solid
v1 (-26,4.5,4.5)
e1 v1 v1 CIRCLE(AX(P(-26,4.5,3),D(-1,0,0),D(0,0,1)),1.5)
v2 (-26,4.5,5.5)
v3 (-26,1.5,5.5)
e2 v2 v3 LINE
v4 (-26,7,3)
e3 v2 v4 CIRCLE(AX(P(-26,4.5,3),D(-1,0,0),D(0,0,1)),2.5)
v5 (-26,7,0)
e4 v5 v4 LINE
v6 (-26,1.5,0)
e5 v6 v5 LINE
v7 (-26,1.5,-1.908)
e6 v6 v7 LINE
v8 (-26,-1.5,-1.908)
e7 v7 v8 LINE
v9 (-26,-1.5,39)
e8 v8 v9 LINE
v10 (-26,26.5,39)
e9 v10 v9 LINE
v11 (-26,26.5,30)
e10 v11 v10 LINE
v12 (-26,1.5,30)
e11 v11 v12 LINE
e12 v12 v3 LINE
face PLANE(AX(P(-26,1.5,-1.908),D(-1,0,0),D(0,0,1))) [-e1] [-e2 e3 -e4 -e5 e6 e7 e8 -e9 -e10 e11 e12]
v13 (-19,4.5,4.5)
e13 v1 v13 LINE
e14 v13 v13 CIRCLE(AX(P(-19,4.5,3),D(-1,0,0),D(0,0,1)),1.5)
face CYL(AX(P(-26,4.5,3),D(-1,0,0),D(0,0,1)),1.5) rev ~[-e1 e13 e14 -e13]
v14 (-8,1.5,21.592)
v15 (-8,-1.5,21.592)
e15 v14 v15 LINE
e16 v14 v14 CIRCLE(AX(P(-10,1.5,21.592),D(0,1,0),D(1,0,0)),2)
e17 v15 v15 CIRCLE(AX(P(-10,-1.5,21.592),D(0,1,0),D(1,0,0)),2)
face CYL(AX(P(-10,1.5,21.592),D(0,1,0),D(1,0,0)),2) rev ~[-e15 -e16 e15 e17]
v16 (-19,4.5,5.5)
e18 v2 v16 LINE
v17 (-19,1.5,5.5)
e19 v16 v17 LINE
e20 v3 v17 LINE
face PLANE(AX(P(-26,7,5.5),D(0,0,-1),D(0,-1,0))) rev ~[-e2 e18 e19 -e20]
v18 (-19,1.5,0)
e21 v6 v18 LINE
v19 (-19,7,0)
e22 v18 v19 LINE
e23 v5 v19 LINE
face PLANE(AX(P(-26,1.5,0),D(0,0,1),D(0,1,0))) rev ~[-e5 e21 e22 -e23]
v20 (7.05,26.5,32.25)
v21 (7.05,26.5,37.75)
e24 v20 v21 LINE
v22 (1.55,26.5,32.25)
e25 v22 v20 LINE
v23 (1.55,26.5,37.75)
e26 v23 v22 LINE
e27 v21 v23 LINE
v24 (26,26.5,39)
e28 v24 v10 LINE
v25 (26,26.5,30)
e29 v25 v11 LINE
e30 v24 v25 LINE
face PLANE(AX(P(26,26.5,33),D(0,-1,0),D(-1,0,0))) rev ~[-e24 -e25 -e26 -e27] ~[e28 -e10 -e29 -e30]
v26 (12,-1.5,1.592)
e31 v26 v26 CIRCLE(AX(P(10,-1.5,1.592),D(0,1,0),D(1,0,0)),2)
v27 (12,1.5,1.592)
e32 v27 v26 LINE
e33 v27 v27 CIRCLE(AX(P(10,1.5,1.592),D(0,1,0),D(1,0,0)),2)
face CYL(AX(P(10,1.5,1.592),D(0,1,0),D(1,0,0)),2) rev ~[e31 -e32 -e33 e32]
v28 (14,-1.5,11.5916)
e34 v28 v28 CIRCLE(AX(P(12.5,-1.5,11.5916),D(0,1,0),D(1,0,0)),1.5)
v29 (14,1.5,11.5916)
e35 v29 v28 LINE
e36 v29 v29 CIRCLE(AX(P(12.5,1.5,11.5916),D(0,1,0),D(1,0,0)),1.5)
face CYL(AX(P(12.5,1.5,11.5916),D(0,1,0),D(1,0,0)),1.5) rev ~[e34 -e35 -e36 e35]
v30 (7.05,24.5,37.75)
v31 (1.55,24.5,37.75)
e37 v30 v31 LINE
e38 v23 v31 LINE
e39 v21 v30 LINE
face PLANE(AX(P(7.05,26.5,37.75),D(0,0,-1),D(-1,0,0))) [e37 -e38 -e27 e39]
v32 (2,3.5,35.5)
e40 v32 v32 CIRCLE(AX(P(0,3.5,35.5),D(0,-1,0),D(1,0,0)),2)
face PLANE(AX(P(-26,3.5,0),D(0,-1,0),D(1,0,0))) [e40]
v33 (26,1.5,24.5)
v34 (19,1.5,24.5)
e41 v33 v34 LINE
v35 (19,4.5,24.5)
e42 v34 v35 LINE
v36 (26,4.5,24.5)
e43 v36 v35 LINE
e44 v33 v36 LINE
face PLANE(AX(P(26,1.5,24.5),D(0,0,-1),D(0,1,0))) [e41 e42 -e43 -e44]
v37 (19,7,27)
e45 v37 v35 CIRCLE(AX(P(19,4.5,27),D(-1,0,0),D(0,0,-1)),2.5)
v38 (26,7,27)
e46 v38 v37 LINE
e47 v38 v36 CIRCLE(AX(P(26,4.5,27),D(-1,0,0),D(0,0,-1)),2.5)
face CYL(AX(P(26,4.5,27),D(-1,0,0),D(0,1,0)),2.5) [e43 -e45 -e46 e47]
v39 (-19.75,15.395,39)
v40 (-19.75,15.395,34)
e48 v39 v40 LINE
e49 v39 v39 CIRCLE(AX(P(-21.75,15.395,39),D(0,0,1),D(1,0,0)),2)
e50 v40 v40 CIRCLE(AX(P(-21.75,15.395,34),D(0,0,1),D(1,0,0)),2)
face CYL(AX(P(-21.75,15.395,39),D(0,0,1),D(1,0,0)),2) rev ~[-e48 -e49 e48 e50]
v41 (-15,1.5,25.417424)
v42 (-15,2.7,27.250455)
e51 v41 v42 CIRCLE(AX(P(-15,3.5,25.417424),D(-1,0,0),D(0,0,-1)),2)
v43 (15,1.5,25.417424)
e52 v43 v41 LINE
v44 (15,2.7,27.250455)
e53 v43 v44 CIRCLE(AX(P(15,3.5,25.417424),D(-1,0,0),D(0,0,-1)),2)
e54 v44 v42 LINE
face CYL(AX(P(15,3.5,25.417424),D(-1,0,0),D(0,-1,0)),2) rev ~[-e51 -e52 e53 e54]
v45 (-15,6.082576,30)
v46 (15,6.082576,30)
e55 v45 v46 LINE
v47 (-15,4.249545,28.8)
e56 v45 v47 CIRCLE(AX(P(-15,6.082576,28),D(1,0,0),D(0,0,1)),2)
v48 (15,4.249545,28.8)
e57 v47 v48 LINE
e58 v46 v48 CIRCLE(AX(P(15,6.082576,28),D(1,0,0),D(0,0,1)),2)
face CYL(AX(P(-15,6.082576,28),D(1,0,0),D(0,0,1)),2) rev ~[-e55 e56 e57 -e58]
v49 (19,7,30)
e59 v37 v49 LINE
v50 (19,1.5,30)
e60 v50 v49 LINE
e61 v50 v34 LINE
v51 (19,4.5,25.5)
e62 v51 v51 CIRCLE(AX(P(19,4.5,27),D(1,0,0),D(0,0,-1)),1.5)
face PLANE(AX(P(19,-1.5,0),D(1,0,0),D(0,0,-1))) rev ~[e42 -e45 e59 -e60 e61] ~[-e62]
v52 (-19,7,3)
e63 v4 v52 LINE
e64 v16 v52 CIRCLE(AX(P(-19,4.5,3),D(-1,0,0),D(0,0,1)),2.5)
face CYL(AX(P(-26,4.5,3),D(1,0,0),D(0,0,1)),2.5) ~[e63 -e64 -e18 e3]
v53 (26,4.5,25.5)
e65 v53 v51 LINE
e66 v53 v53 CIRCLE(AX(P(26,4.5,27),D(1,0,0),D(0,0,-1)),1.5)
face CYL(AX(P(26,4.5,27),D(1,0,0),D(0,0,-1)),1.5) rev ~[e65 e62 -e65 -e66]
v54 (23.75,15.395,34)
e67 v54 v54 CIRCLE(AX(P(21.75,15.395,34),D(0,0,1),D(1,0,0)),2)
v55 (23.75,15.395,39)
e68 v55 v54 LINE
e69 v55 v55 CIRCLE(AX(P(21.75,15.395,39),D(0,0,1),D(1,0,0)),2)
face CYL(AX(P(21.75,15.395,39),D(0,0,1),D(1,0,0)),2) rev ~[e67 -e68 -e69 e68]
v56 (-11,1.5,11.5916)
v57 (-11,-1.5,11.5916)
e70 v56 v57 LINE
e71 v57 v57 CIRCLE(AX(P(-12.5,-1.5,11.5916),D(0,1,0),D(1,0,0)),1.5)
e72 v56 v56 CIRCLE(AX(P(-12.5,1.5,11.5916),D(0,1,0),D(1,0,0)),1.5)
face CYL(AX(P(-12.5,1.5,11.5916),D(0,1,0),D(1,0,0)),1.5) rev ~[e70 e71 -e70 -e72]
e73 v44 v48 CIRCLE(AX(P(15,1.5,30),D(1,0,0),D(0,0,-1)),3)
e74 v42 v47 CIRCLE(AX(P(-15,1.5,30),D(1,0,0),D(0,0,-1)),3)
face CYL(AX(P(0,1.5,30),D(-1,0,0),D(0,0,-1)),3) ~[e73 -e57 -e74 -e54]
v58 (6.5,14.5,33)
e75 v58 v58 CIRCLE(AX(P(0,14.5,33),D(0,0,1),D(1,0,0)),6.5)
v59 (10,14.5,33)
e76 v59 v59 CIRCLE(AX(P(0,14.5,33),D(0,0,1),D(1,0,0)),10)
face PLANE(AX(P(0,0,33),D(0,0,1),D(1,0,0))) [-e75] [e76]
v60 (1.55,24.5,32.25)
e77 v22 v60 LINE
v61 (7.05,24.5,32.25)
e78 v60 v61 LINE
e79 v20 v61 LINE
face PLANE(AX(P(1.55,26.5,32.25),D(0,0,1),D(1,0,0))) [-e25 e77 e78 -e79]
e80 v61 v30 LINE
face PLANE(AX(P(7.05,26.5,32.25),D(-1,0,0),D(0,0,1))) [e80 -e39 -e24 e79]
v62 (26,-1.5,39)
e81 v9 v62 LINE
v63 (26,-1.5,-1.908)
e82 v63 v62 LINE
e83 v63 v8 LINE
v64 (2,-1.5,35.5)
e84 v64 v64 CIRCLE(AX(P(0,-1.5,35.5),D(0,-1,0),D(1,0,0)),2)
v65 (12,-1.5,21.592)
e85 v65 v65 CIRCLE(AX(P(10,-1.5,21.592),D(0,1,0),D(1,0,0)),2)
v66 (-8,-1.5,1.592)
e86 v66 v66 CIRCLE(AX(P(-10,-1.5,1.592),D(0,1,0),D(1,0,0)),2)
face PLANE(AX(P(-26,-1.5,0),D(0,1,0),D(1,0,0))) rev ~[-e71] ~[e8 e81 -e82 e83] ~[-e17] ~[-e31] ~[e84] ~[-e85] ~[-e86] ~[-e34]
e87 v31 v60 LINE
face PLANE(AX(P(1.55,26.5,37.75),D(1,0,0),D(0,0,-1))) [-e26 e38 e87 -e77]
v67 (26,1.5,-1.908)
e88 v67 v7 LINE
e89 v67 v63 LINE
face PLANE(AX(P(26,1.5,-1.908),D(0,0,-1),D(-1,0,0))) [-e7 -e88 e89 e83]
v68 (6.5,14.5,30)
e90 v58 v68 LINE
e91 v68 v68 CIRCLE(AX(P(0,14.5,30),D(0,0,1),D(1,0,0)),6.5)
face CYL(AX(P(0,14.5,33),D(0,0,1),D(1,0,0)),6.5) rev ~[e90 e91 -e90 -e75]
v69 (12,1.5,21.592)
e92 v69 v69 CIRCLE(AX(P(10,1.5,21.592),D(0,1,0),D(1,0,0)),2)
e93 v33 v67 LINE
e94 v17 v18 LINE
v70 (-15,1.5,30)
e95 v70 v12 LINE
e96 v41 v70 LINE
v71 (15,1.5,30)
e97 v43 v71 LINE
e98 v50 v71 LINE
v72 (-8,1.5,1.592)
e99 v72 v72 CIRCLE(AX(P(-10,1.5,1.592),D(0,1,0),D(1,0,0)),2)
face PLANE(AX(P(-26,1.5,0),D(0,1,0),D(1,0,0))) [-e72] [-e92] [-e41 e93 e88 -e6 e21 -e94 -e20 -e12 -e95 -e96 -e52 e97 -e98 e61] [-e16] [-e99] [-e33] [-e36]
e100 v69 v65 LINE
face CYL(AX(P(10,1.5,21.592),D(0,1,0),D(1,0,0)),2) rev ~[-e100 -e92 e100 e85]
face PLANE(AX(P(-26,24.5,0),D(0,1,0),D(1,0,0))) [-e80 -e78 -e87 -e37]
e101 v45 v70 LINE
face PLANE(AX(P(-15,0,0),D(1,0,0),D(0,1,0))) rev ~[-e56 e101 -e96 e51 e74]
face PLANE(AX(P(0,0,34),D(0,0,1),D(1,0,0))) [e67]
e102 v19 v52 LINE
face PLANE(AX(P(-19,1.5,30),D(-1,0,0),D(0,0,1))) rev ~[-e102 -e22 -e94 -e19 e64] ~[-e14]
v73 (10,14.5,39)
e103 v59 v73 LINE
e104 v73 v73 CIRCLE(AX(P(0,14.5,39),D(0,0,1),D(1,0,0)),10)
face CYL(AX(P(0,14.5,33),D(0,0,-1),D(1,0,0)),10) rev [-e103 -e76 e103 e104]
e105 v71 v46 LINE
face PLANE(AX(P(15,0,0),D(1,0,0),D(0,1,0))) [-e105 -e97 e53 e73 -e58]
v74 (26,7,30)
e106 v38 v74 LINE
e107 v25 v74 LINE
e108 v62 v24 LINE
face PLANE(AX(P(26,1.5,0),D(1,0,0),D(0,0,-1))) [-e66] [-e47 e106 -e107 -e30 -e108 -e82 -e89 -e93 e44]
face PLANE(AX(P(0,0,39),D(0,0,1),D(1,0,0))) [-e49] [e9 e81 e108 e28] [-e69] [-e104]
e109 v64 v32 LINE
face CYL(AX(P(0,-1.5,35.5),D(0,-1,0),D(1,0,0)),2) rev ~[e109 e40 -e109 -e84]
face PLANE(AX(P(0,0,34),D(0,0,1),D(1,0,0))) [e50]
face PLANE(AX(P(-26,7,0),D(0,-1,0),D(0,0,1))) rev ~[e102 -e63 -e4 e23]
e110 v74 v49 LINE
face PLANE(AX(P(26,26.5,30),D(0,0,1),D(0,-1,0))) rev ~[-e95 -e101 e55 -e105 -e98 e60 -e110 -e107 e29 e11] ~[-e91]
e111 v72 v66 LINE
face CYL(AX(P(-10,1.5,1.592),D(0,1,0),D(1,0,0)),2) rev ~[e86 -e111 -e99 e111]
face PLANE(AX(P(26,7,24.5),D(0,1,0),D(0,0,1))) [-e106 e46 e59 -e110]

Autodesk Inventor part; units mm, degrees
ref_plane "YZ Plane" through (0, 0, 0) normal (1, 0, 0) x (0, 1, 0)
ref_plane "XZ Plane" through (0, 0, 0) normal (0, 1, 0) x (-1, 0, 0)
ref_plane "XY Plane" through (0, 0, 0) normal (0, 0, 1) x (1, 0, 0)
sketch "Boceto1" plane through (0, 0, 0) normal (0, 0, 1) x (1, 0, 0)
  line L0 (-26, 1.5) -> (26, 1.5)
  line L1 (26, 1.5) -> (26, -1.5)
  line L2 (26, -1.5) -> (-26, -1.5)
  line L3 (-26, -1.5) -> (-26, 1.5)
  line L4 (2.9301, 0) -> (0, 0)
  line L5 (0, 0) -> (0, 1.8389)
  dimension "d0" = 52
  dimension "d1" = 3
extrude "Extrusión1" add sketch "Boceto1" along normal blind 30
sketch "Boceto3" plane through (-26, 1.5, 0) normal (0, 1, 0) x (1, 0, 0)
  line L0 (52, 0) -> (52, -30) projected
  line L1 (0, -30) -> (52, -30) projected
  line L2 (52, 0) -> (47, 0)
  line L3 (47, 0) -> (47, -30)
  line L4 (47, -30) -> (52, -30)
  line L5 (52, -30) -> (52, 0)
  line L6 (0, 0) -> (0, -30) projected
  line L7 (0, 0) -> (5, 0)
  line L8 (5, 0) -> (5, -30)
  line L9 (5, -30) -> (0, -30)
  line L10 (0, -30) -> (0, 0)
  point P0 (26, 0)
  point P1 (5, -30)
  dimension "d4" = 5
  dimension "d5" = 5
extrude "Extrusión2" add sketch "Boceto3" along normal blind 25
sketch "Boceto5" plane through (0, 0, 30) normal (0, 0, 1) x (1, 0, 0)
  line L0 (-26, -1.5) -> (26, -1.5) projected
  line L1 (-26, -1.5) -> (-26, 26.5) projected
  line L2 (26, -1.5) -> (-26, -1.5)
  line L3 (-26, -1.5) -> (-26, 26.5)
  line L4 (-26, 26.5) -> (26, 26.5)
  line L5 (26, 26.5) -> (26, -1.5)
  point P0 (0, 0)
extrude "Extrusión4" add sketch "Boceto5" along normal blind 3
sketch "Boceto6" plane through (0, 0, 33) normal (0, 0, 1) x (1, 0, 0)
  circle A0 centre (0, 14.5) radius 6.5
  line L0 (26, -1.5) -> (26, 26.5) projected
  line L1 (26, 26.5) -> (-26, 26.5) projected
  line L2 (-26, 26.5) -> (-26, -1.5) projected
  point P0 (0, 0)
  point P1 (2.0533, 26.5)
  point P2 (-6.2533, 26.5)
  dimension "d12" = 13
  dimension "d13" = 26
  dimension "d14" = 12
  dimension "d38" = 52
extrude "Extrusión5" cut sketch "Boceto6" against normal up to surface (3 mm away)
sketch "Boceto7" plane through (-21, 1.5, 0) normal (0, 1, 0) x (1, 0, 0)
  circle A0 centre (33.5, -11.5916) radius 1.5
  circle A1 centre (8.5, -11.5916) radius 1.5
  line L0 (21, 0) -> (21, -4.282)
  line L1 (47, -33) -> (-5, -33) projected
  dimension "d17" = 25
  dimension "d18" = 12.5
  dimension "d19" = 3
  dimension "d20" = 3
  dimension "d68" = 21.4084
extrude "Extrusión6" cut sketch "Boceto7" against normal through all
sketch "Boceto9" plane through (0, 0, 33) normal (0, 0, 1) x (1, 0, 0)
  circle A0 centre (0, 14.5) radius 6.5 projected
  line L0 (-26, 26.5) -> (-26, -1.5) projected
  line L1 (26, 26.5) -> (-26, 26.5) projected
  line L2 (26, -1.5) -> (26, 26.5) projected
  line L3 (-26, -1.5) -> (26, -1.5) projected
  circle A1 centre (0, 14.5) radius 10
  point P0 (0, 0)
  point P1 (0, 26.5)
  dimension "d32" = 20
extrude "Extrusión8" add sketch "Boceto9" along normal blind 6 contours L1 L2 L3 L0
sketch "Boceto8" plane through (0, 0, 39) normal (0, 0, 1) x (1, 0, 0)
  circle A0 centre (21.75, 15.395) radius 2
  circle A1 centre (-21.75, 15.395) radius 2
  line L0 (26, 26.5) -> (-26, 26.5) projected
  circle A2 centre (0, 14.5) radius 10 projected
  point P0 (0, 0)
  dimension "d23" = 4
  dimension "d24" = 4
  dimension "d25" = 43.5
  dimension "d35" = 11.105
  dimension "d36" = 11.105
  dimension "d37" = 21.75
extrude "Extrusión7" cut sketch "Boceto8" against normal blind 5 contours A0 | A1
sketch "Boceto10" plane through (-26, 26.5, 0) normal (0, 1, 0) x (1, 0, 0)
  circle A0 centre (30.3, -35) radius 2
  line L0 (52, 0) -> (52, -39) projected
  line L1 (52, -39) -> (0, -39) projected
  line L2 (27.55, -32.25) -> (33.05, -32.25)
  line L3 (33.05, -32.25) -> (33.05, -37.75)
  line L4 (33.05, -37.75) -> (27.55, -37.75)
  line L5 (27.55, -37.75) -> (27.55, -32.25)
  line L6 (27.55, -32.25) -> (33.05, -37.75) construction
  line L7 (33.05, -32.25) -> (27.55, -37.75) construction
  point P0 (26, 0)
  dimension "d39" = 21.7
  dimension "d41" = 4
  dimension "d45" = 5.5
  dimension "d46" = 5.5
extrude "Extrusión9" cut sketch "Boceto10" against normal blind 2 contours A0 | L2 L3 L4 L5
sketch "Boceto11" plane through (26, -1.5, 0) normal (1, 0, 0) x (0, 0, -1)
  line L0 (-30, 28) -> (0, 28) projected
  line L1 (0, 28) -> (-30, 28)
  line L2 (-30, 28) -> (-30, 3)
  line L3 (-30, 3) -> (0, 3)
  line L4 (0, 3) -> (0, 28)
  point P0 (0, 1.5)
  dimension "d47" = 30
  dimension "d48" = 25
extrude "Extrusión10" cut sketch "Boceto11" against normal up to surface (52 mm away)
sketch "Boceto12" plane through (-26, -1.5, 0) normal (0, -1, 0) x (1, 0, 0)
  circle A0 centre (26, 35.5) radius 2
  line L0 (0, 0) -> (0, 39) projected
  line L1 (52, 0) -> (52, 39) projected
  line L2 (0, 39) -> (52, 39) projected
  point P0 (26, 0)
  dimension "d51" = 4
  dimension "d52" = 52
  dimension "d53" = 26
  dimension "d54" = 3.5
extrude "Extrusión11" cut sketch "Boceto12" against normal blind 5
sketch "Boceto13" plane through (26, -1.5, 0) normal (1, 0, 0) x (0, 0, -1)
  line L0 (-30, 3) -> (0, 3) projected
  line L1 (-24.5, 3) -> (-24.5, 8.5)
  line L2 (-24.5, 3) -> (-19, 3) construction
  line L3 (-24.5, 8.5) -> (-30, 8.5)
  line L4 (-30, 3) -> (-30, 28) projected
  circle A0 centre (-27, 6) radius 1.5
  point P0 (0, 1.5)
  dimension "d57" = 5.5
  dimension "d58" = 90
  dimension "d59" = 5.5
  dimension "d63" = 3
  dimension "d64" = 3
  dimension "d65" = 3
extrude "Extrusión12" add sketch "Boceto13" against normal blind 7
fillet "Empalme2" radius 2.5 1 edges at (22.5, 7, 24.5)
sketch "Boceto16" plane through (-26, 1.5, 0) normal (0, 1, 0) x (1, 0, 0)
  line L0 (0, -30) -> (0, 0) projected
  line L1 (0, 0) -> (52, 0)
  line L2 (52, 0) -> (52, 1.908)
  line L3 (52, 1.908) -> (0, 1.908)
  line L4 (0, 1.908) -> (0, 0)
  line L5 (52, 0) -> (52, -24.5) projected
  point P0 (26, 0)
  dimension "d69" = 1.908
extrude "Extrusión13" add sketch "Boceto16" against normal up to surface (3 mm away)
sketch "Boceto17" plane through (-26, 1.5, 30) normal (0, 1, 0) x (1, 0, 0)
  circle A0 centre (16, 28.408) radius 2
  line L0 (52, 31.908) -> (0, 31.908) projected
  point P0 (26, 30)
  dimension "d72" = 4
  dimension "d73" = 3.5
  dimension "d82" = 10
extrude "Extrusión14" cut sketch "Boceto17" against normal through all
pattern_linear "Patrón rectangular1" count 2 spacing 20 along (1, 0, 0) count 2 spacing 20 along (0, 0, 1) of "Extrusión14"
sketch "Boceto18" plane through (0, 0, 0) normal (1, 0, 0) x (0, 1, 0)
  line L0 (26.5, 30) -> (1.5, 30) projected
  line L1 (1.5, -1.908) -> (1.5, 30) projected
  arc A0 (1.5, 27) -> (4.5, 30) centre (1.5, 30) ccw
  point P0 (0, 0)
  point P1 (4.5, 30)
  dimension "d83" = 3
extrude "Extrusión15" add sketch "Boceto18" along normal mid plane 30
fillet "Empalme3" radius 2 2 edges at (0, 1.5, 27) (0, 4.5, 30)
sketch "Boceto19" plane through (-26, 1.5, 30) normal (-1, 0, 0) x (0, 0, 1)
  line L0 (-5.5, 0) -> (-31.908, 0) projected
  line L1 (-24.5, 0) -> (-30, 0)
  line L2 (-30, 0) -> (-30, 5.5)
  line L3 (-30, 5.5) -> (-24.5, 5.5)
  line L4 (-24.5, 5.5) -> (-24.5, 0)
  line L5 (0, 25) -> (0, 0) projected
  circle A0 centre (-27, 3) radius 1.5
  point P0 (-30, -1.5)
  point P1 (-30, 0)
  dimension "d87" = 5.5
  dimension "d88" = 5.5
  dimension "d89" = 24.5
  dimension "d93" = 3
  dimension "d94" = 3
  dimension "d95" = 2.5
extrude "Extrusión16" add sketch "Boceto19" against normal blind 7
fillet "Empalme4" radius 2.5 1 edges at (-22.5, 7, 5.5)
equation "\"d13\" = 0.5 * d38"
equation "\"d18\" = 0.5 * d17"
equation "\"d20\" = d19"
equation "\"d24\" = d23"
equation "\"d36\" = d35"
equation "\"d53\" = 0.5 * d52"
equation "\"d59\" = d57"
properties part number "Soporte Extruder Izq" material "Polipropileno"
